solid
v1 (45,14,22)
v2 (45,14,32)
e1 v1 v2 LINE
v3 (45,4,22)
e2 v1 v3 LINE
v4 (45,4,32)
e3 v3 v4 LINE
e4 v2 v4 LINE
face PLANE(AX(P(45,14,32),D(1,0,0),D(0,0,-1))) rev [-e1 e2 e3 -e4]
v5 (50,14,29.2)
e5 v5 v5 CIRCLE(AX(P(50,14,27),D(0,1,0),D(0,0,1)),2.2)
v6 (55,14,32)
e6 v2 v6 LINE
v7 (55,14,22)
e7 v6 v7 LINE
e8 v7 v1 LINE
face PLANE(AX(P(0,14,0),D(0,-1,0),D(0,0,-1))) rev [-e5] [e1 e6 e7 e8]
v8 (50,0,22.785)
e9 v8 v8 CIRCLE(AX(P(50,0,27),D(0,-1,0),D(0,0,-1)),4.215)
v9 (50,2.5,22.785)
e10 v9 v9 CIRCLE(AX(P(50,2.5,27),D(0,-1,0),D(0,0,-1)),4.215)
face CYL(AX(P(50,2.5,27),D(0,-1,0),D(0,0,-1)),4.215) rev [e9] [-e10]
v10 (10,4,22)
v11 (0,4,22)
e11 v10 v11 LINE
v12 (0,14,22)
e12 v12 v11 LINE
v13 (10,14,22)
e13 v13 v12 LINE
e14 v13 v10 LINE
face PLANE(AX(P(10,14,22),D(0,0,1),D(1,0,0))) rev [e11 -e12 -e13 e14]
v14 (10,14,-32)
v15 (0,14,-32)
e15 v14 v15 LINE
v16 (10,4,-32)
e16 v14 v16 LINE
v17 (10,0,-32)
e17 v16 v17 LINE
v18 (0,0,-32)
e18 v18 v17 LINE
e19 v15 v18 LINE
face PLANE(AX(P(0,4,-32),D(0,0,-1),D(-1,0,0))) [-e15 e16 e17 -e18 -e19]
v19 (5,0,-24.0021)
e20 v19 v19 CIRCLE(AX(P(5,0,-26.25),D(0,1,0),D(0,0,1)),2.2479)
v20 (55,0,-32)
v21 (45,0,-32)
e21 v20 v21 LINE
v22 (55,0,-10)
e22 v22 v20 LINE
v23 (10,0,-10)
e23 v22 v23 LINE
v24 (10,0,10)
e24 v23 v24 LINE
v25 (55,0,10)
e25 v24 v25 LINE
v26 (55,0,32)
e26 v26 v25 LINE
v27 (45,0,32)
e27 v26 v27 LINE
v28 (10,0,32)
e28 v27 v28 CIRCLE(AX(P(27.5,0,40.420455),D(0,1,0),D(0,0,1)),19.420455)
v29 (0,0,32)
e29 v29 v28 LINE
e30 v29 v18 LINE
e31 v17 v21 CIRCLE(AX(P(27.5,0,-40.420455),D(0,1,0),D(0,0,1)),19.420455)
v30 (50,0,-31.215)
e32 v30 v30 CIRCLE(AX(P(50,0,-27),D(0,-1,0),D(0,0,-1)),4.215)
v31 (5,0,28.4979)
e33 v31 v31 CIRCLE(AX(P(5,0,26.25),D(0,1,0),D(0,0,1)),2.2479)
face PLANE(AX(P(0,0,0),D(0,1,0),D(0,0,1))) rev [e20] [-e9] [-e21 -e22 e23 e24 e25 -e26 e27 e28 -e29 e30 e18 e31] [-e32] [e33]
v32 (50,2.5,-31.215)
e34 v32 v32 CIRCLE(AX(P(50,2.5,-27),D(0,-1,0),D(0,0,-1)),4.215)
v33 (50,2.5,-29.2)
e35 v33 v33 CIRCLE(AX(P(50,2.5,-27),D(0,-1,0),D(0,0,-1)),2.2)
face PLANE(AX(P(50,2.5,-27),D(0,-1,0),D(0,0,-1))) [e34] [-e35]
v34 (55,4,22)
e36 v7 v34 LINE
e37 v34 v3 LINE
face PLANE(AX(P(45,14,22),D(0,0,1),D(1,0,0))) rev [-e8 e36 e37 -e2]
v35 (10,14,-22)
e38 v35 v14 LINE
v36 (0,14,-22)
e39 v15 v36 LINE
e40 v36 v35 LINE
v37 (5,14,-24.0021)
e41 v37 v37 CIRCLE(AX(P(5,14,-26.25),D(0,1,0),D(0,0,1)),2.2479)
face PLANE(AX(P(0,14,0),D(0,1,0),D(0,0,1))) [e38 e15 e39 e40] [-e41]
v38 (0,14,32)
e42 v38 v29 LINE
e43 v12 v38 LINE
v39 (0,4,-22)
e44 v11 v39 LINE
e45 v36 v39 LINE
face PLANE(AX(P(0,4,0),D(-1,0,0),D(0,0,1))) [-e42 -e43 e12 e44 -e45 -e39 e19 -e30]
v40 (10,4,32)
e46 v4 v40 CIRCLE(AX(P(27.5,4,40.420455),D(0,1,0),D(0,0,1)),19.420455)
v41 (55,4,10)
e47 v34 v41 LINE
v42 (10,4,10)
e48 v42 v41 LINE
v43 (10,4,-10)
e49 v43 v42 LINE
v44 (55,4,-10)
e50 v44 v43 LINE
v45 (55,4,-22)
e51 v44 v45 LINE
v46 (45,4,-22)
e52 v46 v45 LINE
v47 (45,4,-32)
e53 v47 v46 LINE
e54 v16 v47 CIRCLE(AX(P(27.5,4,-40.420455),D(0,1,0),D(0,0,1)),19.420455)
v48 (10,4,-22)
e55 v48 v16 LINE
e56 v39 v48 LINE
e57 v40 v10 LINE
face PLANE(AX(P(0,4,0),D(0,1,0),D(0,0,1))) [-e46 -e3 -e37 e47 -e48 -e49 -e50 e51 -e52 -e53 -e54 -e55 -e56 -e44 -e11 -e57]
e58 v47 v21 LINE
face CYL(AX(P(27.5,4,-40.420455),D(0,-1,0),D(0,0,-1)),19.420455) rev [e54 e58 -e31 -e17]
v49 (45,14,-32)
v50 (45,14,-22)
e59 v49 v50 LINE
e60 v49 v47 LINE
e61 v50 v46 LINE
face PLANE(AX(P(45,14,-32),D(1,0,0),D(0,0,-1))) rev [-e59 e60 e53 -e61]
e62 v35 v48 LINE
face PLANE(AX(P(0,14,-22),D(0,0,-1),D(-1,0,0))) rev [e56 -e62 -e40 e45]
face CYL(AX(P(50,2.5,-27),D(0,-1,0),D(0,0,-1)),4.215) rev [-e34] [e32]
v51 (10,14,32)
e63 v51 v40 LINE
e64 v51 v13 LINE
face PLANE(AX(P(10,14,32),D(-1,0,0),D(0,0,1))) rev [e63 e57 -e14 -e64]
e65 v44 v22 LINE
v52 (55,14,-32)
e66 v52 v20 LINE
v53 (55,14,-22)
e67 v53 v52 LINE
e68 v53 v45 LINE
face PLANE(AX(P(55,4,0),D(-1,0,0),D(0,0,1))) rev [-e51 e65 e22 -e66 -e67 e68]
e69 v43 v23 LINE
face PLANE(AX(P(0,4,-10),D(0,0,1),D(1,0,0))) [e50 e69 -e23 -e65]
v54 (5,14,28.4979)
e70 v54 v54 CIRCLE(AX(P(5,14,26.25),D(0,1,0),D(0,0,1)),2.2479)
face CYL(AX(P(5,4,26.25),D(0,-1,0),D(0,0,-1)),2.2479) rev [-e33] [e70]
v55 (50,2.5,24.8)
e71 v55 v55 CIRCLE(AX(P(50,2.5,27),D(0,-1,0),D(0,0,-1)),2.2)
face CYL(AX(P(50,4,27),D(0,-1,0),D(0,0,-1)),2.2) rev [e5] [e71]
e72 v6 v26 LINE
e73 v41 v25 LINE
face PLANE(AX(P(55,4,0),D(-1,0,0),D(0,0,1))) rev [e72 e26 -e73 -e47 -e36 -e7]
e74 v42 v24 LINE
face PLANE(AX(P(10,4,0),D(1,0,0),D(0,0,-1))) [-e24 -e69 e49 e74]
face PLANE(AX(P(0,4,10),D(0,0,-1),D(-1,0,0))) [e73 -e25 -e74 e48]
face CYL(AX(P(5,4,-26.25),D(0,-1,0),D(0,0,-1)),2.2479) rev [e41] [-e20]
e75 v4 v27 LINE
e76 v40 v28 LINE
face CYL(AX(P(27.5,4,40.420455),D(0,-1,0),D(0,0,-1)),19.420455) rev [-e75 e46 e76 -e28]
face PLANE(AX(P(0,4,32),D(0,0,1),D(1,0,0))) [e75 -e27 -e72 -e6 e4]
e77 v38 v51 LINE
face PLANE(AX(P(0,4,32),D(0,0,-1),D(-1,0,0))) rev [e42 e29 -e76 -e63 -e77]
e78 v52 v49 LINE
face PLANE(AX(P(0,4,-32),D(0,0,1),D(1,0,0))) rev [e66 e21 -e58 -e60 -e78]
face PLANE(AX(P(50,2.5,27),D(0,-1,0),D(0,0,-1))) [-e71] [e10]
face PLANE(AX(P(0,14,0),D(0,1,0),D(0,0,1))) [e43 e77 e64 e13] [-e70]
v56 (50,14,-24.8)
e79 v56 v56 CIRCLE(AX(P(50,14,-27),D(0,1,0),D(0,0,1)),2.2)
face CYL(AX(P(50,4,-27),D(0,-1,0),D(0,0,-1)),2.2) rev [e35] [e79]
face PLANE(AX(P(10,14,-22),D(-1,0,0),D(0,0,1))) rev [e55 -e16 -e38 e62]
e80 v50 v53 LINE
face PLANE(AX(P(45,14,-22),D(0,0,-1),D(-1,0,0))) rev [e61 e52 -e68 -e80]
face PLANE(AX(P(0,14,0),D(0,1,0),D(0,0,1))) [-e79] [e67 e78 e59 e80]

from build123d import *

# Parameters (mm, degrees)
SKETCH1_R                  = 2.2
SKETCH1_R_2                = 2.2479
EXTRUDE_BODY_DEPTH         = 4
SKETCH5_W                  = 10
SKETCH5_H                  = 10
SKETCH5_R                  = 2.2
SKETCH5_R_2                = 2.2479
EXTRUDE_LEGS_DEPTH         = 10
SKETCH6_R                  = 4.215
CUT_BOLT_HEAD_INSETS_DEPTH = 2.5


with BuildPart() as part:
    # Sketch1 → Extrude-Body (new body)
    with BuildSketch(Plane(origin=(0, 0, 0), x_dir=(1, 0, 0), z_dir=(0, 1, 0))):
        with BuildLine():
            Line((10, -10), (10, 10))
            Line((10, 10), (55, 10))
            Line((55, 10), (55, 32))
            Line((55, 32), (45, 32))
            ThreePointArc((45, 32), (27.5, 21), (10, 32))
            Line((10, 32), (0, 32))
            Line((0, 32), (0, -32))
            Line((0, -32), (10, -32))
            ThreePointArc((10, -32), (27.5, -21), (45, -32))
            Line((45, -32), (55, -32))
            Line((55, -32), (55, -10))
            Line((55, -10), (10, -10))
        make_face()
        with Locations(Location((50, 27, 0), (0, 0, 270))):
            Circle(SKETCH1_R, mode=Mode.SUBTRACT)
        with Locations(Location((50, -27, 0), (0, 0, 270))):
            Circle(SKETCH1_R, mode=Mode.SUBTRACT)
        with Locations(Location((5, 26.25, 0), (0, 0, 270))):
            Circle(SKETCH1_R_2, mode=Mode.SUBTRACT)
        with Locations(Location((5, -26.25, 0), (0, 0, 270))):
            Circle(SKETCH1_R_2, mode=Mode.SUBTRACT)
    extrude(amount=EXTRUDE_BODY_DEPTH)

    # Sketch5 → Extrude-Legs (add)
    # profile 1 of 4: a face of its own
    with BuildSketch(Plane(origin=(0, 4, 0), x_dir=(1, 0, 0), z_dir=(0, 1, 0))):
        with Locations((50, -27)):
            Rectangle(SKETCH5_W, SKETCH5_H)
        with Locations(Location((50, -27, 0), (0, 0, 270))):
            Circle(SKETCH5_R, mode=Mode.SUBTRACT)
    # profile 2 of 4: a face of its own
    with BuildSketch(Plane(origin=(0, 4, 0), x_dir=(1, 0, 0), z_dir=(0, 1, 0))):
        with Locations((50, 27)):
            Rectangle(SKETCH5_W, SKETCH5_H)
        with Locations(Location((50, 27, 0), (0, 0, 270))):
            Circle(SKETCH5_R, mode=Mode.SUBTRACT)
    # profile 3 of 4: a face of its own
    with BuildSketch(Plane(origin=(0, 4, 0), x_dir=(1, 0, 0), z_dir=(0, 1, 0))):
        with Locations((5, 27)):
            Rectangle(SKETCH5_W, SKETCH5_H)
        with Locations(Location((5, 26.25, 0), (0, 0, 270))):
            Circle(SKETCH5_R_2, mode=Mode.SUBTRACT)
    # profile 4 of 4: a face of its own
    with BuildSketch(Plane(origin=(0, 4, 0), x_dir=(1, 0, 0), z_dir=(0, 1, 0))):
        with Locations((5, -27)):
            Rectangle(SKETCH5_W, SKETCH5_H)
        with Locations(Location((5, -26.25, 0), (0, 0, 270))):
            Circle(SKETCH5_R_2, mode=Mode.SUBTRACT)
    extrude(amount=EXTRUDE_LEGS_DEPTH)

    # Sketch6 → Cut-Bolt Head Insets (cut)
    with BuildSketch(Plane.XZ):
        with Locations(Location((50, 27, 0), (0, 0, 270))):
            Circle(SKETCH6_R)
        with Locations(Location((50, -27, 0), (0, 0, 270))):
            Circle(SKETCH6_R)
    extrude(amount=-CUT_BOLT_HEAD_INSETS_DEPTH, mode=Mode.SUBTRACT)


solid = part.part
